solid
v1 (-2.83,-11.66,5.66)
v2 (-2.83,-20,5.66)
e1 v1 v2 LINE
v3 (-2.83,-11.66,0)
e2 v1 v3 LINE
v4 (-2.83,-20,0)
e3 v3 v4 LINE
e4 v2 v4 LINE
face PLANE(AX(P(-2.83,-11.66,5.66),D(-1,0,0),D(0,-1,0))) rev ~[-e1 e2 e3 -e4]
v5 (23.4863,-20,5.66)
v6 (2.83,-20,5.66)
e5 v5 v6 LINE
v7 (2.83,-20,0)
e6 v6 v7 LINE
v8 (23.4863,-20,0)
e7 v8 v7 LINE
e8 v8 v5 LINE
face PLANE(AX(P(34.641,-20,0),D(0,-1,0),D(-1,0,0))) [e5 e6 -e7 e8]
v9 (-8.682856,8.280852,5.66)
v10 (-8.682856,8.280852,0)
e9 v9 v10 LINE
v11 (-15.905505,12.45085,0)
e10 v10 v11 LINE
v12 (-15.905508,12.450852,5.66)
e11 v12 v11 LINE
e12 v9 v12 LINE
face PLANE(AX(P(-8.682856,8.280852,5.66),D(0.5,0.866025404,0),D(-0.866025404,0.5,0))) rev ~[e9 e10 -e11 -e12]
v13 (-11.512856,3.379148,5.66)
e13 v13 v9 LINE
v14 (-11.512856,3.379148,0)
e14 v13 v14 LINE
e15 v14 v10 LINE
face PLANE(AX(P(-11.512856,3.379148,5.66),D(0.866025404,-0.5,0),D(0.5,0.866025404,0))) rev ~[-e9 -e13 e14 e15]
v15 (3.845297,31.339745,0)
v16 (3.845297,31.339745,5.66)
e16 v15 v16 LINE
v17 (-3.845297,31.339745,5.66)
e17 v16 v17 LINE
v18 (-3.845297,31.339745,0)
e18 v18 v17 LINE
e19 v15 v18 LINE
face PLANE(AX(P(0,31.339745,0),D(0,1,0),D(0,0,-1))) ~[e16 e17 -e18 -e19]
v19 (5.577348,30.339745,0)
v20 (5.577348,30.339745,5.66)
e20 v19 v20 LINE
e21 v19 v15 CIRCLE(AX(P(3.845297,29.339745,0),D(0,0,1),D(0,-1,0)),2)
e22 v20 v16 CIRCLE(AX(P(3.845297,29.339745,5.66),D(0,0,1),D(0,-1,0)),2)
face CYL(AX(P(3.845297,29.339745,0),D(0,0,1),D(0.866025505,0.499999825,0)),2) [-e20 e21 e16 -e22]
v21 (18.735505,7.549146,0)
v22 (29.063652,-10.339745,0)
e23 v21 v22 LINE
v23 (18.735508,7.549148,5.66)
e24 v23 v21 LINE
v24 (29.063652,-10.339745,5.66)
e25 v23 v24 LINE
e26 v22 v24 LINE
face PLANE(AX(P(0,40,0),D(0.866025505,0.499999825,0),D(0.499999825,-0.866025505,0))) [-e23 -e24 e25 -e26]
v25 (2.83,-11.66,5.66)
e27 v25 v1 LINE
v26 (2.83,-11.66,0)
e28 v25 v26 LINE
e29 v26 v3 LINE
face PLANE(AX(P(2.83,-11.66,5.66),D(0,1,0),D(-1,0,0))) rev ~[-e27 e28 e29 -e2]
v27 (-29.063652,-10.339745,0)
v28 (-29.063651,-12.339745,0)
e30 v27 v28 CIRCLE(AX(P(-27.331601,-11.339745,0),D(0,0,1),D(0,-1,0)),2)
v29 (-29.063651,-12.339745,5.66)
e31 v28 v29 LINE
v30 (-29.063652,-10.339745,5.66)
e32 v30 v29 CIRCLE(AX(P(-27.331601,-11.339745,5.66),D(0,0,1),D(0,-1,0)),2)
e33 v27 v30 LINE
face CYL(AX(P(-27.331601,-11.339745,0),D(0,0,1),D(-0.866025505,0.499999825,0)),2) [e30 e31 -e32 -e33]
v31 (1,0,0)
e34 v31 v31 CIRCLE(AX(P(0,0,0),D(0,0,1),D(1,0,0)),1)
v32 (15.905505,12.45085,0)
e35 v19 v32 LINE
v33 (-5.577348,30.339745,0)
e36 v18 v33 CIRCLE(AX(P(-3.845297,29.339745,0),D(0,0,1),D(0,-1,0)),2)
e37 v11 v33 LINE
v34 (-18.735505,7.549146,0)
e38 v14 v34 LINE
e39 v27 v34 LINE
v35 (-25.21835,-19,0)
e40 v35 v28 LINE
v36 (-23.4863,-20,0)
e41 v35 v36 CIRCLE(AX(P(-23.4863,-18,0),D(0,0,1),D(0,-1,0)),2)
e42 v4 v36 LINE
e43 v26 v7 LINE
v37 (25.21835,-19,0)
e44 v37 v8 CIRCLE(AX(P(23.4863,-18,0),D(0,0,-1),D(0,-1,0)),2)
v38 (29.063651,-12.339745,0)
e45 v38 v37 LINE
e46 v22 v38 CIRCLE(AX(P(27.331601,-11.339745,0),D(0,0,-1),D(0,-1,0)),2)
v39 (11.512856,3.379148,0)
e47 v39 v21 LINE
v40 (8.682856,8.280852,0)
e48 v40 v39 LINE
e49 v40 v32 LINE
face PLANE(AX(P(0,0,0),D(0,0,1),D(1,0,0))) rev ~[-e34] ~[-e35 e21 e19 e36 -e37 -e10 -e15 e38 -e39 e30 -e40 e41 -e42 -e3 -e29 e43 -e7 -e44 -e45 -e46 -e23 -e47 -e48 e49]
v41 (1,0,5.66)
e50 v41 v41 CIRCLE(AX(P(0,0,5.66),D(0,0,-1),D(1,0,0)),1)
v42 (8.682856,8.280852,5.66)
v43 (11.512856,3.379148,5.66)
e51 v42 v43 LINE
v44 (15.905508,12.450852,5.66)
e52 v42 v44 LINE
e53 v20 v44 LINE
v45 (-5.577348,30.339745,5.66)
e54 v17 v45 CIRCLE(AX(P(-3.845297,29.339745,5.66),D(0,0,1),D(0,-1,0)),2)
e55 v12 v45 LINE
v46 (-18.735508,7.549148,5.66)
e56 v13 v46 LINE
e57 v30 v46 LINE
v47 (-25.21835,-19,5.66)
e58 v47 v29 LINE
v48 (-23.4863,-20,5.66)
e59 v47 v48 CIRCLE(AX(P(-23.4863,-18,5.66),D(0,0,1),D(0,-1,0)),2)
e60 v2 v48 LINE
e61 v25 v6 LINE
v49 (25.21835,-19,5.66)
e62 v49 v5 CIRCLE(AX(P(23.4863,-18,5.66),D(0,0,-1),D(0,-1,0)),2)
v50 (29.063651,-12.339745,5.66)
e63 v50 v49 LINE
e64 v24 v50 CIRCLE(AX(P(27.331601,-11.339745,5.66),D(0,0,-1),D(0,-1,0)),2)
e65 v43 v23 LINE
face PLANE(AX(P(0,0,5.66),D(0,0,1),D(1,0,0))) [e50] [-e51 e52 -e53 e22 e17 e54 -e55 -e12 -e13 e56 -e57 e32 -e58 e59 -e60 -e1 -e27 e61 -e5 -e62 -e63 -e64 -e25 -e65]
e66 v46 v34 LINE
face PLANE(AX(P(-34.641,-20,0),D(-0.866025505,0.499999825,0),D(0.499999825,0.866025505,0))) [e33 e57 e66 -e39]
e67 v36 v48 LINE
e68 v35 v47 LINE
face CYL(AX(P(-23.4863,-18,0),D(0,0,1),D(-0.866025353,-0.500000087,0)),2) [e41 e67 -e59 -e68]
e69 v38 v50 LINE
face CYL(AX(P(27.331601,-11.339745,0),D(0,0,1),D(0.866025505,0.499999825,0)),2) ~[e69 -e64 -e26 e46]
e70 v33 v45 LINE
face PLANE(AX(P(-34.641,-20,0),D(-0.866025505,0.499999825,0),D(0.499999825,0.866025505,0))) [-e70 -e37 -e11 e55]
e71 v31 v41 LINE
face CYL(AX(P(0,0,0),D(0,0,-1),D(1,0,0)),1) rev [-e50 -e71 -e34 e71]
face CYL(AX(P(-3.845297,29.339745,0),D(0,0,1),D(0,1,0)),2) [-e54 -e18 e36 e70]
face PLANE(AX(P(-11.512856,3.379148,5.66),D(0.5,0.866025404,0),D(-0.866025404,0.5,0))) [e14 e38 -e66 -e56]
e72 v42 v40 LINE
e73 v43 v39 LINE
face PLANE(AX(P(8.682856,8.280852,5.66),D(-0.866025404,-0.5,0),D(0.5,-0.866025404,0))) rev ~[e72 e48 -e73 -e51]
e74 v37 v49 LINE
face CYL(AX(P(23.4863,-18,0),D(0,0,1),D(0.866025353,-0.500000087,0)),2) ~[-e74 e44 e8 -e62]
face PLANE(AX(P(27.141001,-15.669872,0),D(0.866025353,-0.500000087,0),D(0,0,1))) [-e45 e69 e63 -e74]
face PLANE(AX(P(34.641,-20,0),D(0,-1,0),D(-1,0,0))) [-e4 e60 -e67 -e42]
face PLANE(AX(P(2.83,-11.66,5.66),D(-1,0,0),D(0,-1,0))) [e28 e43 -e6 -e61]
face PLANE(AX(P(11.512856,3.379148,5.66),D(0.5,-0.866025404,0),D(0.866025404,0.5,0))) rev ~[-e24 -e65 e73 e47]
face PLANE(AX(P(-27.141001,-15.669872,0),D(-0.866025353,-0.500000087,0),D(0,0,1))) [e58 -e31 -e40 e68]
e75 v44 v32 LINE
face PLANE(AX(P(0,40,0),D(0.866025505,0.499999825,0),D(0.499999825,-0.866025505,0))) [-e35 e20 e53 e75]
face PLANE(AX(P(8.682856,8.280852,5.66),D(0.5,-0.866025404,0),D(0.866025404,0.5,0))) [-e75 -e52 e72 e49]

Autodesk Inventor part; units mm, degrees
ref_plane "YZ Plane" through (0, 0, 0) normal (1, 0, 0) x (0, 1, 0)
ref_plane "XZ Plane" through (0, 0, 0) normal (0, 1, 0) x (-1, 0, 0)
ref_plane "XY Plane" through (0, 0, 0) normal (0, 0, 1) x (1, 0, 0)
sketch "Sketch1" plane through (0, 0, 0) normal (0, 0, 1) x (1, 0, 0)
  line L0 (0, 40) -> (34.641, -20)
  line L1 (34.641, -20) -> (-34.641, -20)
  line L2 (-34.641, -20) -> (0, 40)
  circle A0 centre (0, 0) radius 1
  dimension "d0" = 2
  dimension "d1" = 20
extrude "Extrusion1" add sketch "Sketch1" along normal blind 5.66
sketch "Sketch2" plane through (0, 0, 5.66) normal (0, 0, 1) x (1, 0, 0)
  circle A0 centre (0, 0) radius 1 projected
  line L0 (-34.641, -20) -> (34.641, -20) projected
  line L1 (0, -1) -> (0, 0)
  line L2 (-2.83, -11.66) -> (-2.83, -20)
  line L3 (2.83, -11.66) -> (2.83, -20)
  line L4 (2.83, -11.66) -> (-2.83, -11.66)
  point P0 (0, -20)
  dimension "d15" = 8.34
  dimension "d16" = 2.83
  dimension "d17" = 2.83
extrude "Extrusion2" cut sketch "Sketch2" against normal blind 8.625
pattern_circular "Circular Pattern1" count 3 over 360 about axis through (0, 0, 0) along (0, 0, 1) of "Extrusion2"
chamfer "Chamfer1" distance 10 angle 45 3 edges at (34.641, -20, 2.83) (-34.641, -20, 2.83) (0, 40, 2.83)
fillet "Fillet1" radius 2 6 edges at (-29.641, -11.3397, 2.83) (-24.641, -20, 2.83) (-5, 31.3397, 2.83) (5, 31.3397, 2.83) (29.641, -11.3397, 2.83) (24.641, -20, 2.83)
properties part number "Lower Platform"
